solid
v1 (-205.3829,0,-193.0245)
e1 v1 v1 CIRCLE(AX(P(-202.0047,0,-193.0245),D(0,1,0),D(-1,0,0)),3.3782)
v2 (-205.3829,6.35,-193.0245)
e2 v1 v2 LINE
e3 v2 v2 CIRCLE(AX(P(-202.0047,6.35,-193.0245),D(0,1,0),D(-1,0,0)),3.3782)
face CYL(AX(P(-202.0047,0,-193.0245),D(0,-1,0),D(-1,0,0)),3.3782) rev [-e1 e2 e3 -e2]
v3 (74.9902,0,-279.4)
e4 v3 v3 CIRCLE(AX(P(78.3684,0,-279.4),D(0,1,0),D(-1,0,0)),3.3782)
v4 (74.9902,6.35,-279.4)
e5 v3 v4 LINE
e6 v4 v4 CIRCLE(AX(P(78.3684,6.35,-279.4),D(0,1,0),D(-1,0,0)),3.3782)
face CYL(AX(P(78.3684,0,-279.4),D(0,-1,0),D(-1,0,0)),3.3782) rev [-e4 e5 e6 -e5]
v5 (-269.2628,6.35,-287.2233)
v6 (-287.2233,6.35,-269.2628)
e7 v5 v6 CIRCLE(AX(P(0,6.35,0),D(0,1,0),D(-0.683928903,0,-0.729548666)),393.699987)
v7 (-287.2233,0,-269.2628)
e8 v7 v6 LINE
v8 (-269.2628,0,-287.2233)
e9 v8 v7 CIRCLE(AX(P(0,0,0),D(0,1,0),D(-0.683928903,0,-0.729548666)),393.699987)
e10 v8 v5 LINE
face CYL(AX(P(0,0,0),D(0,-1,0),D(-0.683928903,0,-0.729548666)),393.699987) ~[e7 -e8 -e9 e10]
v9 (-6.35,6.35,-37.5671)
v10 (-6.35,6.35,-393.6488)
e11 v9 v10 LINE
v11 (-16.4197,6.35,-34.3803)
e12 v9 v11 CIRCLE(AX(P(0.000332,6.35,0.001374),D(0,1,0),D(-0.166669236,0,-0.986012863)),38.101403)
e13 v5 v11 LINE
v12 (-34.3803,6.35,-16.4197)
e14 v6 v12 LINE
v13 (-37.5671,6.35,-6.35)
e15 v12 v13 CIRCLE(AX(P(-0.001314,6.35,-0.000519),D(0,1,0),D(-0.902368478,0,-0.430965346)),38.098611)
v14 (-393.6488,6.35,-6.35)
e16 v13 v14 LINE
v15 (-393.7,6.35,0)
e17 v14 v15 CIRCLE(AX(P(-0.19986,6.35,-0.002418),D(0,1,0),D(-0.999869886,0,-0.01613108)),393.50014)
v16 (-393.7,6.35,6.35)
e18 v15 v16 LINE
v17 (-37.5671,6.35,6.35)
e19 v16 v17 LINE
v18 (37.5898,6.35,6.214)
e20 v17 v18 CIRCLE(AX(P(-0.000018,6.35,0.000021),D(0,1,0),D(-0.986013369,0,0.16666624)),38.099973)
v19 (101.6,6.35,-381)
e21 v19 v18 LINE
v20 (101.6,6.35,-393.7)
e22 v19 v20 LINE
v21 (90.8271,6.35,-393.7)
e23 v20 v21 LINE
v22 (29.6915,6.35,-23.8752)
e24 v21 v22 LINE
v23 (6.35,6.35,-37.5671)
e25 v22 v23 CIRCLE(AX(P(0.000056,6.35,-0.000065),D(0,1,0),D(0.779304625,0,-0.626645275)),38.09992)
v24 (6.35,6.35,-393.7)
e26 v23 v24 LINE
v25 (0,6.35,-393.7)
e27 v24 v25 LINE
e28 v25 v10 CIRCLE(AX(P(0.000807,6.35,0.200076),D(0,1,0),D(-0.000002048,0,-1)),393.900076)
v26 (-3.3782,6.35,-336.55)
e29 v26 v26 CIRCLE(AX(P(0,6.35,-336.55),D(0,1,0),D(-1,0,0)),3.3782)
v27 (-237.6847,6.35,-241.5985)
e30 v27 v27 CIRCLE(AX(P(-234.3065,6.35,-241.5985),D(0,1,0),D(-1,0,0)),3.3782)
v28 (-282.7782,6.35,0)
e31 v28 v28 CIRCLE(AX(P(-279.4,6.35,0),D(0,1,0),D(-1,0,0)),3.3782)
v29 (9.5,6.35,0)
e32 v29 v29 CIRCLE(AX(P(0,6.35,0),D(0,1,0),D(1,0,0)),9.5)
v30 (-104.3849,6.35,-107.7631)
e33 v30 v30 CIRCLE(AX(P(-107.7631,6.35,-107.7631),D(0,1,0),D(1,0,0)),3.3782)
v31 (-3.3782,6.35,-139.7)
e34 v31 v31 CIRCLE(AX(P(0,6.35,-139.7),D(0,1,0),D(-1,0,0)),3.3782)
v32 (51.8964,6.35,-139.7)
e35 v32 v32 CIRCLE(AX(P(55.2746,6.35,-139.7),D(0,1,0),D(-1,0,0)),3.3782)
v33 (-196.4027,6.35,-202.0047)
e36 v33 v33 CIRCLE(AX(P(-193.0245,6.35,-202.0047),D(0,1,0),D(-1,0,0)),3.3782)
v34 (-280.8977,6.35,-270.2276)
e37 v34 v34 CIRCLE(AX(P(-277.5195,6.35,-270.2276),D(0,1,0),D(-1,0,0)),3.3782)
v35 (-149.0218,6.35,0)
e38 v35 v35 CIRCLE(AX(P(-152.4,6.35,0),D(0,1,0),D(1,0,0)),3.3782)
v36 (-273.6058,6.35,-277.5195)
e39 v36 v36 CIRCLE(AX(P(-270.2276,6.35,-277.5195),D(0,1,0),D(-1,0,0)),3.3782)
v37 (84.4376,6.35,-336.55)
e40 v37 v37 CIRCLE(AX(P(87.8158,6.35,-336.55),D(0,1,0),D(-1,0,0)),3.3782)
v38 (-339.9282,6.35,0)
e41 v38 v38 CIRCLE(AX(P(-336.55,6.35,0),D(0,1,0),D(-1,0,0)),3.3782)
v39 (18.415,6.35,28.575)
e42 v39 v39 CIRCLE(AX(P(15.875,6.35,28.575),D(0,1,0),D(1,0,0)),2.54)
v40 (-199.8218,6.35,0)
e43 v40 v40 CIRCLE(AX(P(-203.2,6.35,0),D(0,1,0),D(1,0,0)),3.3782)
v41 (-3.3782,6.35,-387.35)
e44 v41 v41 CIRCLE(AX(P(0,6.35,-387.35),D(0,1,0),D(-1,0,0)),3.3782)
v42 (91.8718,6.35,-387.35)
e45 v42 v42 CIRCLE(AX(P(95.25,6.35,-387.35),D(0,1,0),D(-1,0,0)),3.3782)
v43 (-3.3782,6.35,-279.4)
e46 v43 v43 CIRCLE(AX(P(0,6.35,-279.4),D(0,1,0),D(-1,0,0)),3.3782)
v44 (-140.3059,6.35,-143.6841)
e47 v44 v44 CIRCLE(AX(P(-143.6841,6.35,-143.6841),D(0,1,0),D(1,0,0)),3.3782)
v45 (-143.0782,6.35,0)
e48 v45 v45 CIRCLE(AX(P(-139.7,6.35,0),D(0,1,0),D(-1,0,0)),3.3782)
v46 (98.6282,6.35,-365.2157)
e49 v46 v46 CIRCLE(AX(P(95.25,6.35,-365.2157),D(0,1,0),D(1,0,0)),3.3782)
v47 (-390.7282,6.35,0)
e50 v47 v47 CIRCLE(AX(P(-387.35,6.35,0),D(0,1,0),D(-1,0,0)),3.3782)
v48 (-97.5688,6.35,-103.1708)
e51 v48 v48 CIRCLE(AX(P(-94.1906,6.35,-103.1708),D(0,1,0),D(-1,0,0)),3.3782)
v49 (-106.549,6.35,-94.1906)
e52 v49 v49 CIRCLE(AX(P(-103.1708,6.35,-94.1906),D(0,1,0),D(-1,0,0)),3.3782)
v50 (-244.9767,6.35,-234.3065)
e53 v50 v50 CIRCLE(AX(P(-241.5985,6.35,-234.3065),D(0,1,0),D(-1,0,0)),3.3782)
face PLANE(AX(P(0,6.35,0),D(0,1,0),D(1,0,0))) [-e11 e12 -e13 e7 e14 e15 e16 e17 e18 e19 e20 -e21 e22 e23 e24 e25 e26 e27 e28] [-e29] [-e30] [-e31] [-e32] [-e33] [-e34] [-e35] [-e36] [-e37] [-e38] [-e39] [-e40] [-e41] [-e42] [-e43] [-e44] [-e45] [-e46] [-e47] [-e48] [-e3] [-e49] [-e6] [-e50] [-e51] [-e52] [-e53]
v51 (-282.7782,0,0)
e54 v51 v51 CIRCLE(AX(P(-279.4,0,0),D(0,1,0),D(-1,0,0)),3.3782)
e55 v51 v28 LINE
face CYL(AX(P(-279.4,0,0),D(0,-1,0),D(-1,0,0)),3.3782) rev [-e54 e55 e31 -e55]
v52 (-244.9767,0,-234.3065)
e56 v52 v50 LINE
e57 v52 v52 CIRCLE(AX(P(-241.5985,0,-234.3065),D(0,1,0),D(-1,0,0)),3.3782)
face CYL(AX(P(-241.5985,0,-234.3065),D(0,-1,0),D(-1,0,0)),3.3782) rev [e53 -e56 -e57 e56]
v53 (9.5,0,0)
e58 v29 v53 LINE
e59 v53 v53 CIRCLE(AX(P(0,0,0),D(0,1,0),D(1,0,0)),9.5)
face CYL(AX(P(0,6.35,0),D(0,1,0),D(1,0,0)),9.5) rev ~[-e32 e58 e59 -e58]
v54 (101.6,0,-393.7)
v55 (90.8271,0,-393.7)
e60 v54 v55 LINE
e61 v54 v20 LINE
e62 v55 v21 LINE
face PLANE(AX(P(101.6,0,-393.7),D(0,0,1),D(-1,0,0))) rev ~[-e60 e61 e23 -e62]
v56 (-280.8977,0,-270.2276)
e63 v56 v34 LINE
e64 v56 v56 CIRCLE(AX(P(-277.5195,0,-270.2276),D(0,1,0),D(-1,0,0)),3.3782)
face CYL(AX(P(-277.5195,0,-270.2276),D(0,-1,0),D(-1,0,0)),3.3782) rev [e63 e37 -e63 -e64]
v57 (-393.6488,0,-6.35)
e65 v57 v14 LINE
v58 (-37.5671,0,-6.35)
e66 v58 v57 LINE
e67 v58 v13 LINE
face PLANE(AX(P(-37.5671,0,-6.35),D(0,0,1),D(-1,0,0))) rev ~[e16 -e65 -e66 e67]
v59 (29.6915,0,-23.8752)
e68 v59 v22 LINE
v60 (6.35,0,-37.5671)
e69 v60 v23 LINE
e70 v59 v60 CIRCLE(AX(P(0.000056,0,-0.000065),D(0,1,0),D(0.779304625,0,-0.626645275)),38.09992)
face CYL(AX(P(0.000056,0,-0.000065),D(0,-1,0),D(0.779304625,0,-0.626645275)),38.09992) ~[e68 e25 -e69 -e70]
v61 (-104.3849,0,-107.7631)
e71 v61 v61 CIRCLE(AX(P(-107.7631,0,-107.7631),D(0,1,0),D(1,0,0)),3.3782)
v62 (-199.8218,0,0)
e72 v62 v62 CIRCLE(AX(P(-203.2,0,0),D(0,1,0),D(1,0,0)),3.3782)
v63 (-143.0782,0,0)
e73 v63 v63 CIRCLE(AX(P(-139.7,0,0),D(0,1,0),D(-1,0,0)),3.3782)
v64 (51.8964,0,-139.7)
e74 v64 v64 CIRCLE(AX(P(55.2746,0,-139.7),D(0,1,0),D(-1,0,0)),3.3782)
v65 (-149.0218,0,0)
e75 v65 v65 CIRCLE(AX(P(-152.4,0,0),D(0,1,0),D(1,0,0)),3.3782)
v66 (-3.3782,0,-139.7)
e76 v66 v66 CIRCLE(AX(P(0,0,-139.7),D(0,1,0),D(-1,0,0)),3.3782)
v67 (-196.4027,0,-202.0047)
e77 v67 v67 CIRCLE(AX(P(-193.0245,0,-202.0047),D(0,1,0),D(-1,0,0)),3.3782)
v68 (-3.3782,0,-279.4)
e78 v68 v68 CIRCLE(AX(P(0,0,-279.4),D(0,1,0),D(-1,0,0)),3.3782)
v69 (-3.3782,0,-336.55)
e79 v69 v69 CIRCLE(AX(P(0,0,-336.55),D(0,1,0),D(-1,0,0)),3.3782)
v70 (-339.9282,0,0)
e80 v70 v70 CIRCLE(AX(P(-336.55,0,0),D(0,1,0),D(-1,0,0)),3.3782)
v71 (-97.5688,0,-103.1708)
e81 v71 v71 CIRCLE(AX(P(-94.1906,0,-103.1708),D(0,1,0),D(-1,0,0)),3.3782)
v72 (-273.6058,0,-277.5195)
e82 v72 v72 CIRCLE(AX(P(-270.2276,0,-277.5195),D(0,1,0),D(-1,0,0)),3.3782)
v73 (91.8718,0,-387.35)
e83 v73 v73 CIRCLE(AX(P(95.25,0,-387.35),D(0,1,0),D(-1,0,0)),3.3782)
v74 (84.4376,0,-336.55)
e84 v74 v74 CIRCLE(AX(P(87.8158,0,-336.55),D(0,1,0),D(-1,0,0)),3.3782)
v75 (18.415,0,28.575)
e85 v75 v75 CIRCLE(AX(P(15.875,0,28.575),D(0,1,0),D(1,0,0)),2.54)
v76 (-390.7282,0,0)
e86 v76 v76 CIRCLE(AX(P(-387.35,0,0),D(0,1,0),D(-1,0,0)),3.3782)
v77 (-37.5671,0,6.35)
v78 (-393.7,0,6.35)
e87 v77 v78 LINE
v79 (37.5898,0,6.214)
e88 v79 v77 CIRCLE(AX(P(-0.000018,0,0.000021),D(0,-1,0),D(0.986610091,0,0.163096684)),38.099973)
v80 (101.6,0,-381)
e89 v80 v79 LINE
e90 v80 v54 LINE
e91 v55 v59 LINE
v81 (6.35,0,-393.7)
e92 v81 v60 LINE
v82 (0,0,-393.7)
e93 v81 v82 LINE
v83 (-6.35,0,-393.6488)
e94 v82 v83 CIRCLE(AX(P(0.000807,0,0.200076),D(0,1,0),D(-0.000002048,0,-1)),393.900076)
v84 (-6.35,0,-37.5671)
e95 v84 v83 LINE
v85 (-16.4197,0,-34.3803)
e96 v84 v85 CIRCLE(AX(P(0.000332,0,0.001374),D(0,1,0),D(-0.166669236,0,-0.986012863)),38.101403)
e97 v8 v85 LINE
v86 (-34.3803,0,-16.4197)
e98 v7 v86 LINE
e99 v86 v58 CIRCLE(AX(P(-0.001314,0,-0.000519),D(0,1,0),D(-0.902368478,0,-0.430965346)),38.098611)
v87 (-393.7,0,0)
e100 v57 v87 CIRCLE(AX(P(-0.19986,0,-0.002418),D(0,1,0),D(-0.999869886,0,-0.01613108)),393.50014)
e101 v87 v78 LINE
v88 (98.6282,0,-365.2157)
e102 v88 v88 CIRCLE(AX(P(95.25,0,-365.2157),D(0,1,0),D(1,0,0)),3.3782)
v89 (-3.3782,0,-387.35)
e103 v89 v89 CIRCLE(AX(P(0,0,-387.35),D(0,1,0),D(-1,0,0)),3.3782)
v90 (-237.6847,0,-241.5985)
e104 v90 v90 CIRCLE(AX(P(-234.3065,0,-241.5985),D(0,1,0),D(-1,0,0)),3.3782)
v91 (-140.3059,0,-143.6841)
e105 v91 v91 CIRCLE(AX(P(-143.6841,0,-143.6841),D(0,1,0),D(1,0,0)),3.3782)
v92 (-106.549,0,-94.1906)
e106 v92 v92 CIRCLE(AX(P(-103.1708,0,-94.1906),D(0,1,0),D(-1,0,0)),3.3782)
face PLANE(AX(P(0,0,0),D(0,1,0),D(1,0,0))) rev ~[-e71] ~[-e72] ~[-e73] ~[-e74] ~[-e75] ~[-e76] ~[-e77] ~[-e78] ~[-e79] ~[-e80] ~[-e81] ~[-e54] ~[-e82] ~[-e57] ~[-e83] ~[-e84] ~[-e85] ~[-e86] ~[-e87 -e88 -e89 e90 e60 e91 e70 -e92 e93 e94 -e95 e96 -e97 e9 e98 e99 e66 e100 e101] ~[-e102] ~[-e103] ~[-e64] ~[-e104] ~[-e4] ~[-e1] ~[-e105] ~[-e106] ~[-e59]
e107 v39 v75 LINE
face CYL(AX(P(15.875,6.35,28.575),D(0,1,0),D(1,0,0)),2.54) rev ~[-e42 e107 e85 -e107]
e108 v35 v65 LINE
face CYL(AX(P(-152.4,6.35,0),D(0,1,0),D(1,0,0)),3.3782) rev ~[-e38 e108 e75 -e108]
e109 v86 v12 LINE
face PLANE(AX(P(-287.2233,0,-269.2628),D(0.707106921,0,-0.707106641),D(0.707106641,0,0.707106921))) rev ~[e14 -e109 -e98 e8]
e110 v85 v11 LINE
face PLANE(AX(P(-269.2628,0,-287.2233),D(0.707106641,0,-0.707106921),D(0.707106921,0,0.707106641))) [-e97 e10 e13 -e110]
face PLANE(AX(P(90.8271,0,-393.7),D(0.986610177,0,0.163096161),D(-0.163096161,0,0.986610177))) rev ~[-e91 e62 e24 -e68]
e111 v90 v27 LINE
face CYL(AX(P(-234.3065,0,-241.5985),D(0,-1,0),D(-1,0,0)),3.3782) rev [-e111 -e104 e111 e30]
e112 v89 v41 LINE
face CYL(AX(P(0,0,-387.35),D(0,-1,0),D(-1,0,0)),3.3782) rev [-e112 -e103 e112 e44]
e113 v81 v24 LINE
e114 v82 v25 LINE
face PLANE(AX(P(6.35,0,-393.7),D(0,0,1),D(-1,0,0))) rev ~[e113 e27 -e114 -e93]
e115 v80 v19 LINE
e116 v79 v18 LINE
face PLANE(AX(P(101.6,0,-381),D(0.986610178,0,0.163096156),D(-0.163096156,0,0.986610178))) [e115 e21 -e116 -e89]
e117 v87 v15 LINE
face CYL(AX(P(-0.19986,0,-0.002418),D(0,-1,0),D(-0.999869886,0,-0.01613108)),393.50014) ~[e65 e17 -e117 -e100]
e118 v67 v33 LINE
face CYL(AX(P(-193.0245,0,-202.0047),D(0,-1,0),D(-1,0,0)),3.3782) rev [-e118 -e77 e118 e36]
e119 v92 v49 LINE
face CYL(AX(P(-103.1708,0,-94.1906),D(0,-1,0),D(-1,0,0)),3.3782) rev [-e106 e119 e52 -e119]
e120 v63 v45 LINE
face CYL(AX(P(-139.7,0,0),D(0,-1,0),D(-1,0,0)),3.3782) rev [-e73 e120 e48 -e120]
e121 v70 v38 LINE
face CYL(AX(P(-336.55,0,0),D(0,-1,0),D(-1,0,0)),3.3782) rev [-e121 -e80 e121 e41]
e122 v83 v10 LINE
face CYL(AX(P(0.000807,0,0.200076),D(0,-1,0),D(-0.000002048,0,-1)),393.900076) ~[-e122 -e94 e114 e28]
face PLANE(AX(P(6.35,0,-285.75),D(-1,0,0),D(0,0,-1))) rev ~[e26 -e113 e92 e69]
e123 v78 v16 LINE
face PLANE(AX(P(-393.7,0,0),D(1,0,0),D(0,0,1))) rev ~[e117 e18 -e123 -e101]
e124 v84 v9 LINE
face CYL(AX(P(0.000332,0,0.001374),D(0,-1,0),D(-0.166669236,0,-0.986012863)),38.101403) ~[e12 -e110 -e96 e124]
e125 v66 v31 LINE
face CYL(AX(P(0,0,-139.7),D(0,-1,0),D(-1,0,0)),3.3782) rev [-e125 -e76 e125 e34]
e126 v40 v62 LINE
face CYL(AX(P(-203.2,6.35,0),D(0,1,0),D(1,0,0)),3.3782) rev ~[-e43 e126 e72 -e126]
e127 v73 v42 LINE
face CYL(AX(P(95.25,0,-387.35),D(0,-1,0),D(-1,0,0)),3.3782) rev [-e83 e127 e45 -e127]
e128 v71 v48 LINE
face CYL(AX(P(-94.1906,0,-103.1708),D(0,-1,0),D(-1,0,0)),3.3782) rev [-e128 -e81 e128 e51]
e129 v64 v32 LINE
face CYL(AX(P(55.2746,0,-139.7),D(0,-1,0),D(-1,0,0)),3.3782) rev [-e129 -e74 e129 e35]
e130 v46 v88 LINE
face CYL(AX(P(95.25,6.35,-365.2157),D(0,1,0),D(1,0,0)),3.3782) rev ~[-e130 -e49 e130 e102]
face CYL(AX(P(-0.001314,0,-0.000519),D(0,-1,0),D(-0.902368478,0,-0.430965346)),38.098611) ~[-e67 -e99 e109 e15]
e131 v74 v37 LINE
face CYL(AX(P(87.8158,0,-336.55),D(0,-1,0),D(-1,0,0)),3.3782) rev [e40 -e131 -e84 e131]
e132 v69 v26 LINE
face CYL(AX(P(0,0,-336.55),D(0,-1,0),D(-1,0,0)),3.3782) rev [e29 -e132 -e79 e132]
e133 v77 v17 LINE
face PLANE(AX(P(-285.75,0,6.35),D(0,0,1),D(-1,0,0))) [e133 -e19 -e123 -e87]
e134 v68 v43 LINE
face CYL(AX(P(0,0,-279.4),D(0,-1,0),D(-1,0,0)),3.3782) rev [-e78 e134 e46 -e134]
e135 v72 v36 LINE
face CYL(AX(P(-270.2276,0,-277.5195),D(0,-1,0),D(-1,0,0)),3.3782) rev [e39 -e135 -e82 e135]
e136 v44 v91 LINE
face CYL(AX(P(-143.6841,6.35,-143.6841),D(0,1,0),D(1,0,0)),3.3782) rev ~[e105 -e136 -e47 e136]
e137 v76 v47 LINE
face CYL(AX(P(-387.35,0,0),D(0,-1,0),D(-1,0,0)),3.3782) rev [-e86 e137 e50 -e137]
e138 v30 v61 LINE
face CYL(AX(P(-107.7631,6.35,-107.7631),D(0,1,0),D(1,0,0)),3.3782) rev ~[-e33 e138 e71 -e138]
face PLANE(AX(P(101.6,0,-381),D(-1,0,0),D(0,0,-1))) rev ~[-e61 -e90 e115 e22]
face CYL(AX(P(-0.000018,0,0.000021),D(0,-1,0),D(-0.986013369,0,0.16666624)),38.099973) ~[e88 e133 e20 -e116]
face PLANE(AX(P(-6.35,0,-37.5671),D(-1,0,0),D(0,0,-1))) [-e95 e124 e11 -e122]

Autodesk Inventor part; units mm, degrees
ref_plane "YZ Plane" through (0, 0, 0) normal (1, 0, 0) x (0, 1, 0)
ref_plane "XZ Plane" through (0, 0, 0) normal (0, 1, 0) x (-1, 0, 0)
ref_plane "XY Plane" through (0, 0, 0) normal (0, 0, 1) x (1, 0, 0)
sketch "Sketch1" plane through (0, 0, 0) normal (0, 1, 0) x (-1, 0, 0)
  line L0 (269.2628, -287.2233) -> (16.4197, -34.3803)
  circle A0 centre (270.2276, -277.5195) radius 3.3782
  line L1 (287.2233, -269.2628) -> (34.3803, -16.4197)
  line L2 (6.35, -37.5671) -> (6.35, -393.6488)
  line L3 (-6.35, -37.5671) -> (-6.35, -393.7)
  line L4 (-90.8271, -393.7) -> (-29.6915, -23.8752)
  line L5 (-101.6, -381) -> (-37.5898, 6.214)
  circle A1 centre (0, -387.35) radius 3.3782
  line L6 (37.5671, 6.35) -> (393.7, 6.35)
  line L7 (37.5671, -6.35) -> (393.6488, -6.35)
  circle A2 centre (387.35, 0) radius 3.3782
  circle A3 centre (-95.25, -387.35) radius 3.3782
  circle A4 centre (277.5195, -270.2276) radius 3.3782
  line L8 (-101.6, -381) -> (-101.6, -393.7)
  line L9 (393.7, 0) -> (393.7, 6.35)
  arc A5 (6.35, -37.5671) -> (16.4197, -34.3803) centre (0, 0) ccw
  arc A6 (34.3803, -16.4197) -> (37.5671, -6.35) centre (0, 0) ccw
  line L10 (38.1, 0) -> (38.1, 12.8556) construction
  arc A7 (37.5671, 6.35) -> (-37.5898, 6.214) centre (0, 0) ccw
  circle A8 centre (0, 0) radius 38.1 construction
  arc A9 (-6.214, 37.5898) -> (-37.5898, 6.214) centre (0, 0) ccw
  arc A10 (-29.6915, -23.8752) -> (-6.35, -37.5671) centre (0, 0) ccw
  line L11 (146.05, 0) -> (146.05, 6.35)
  line L12 (133.35, 0) -> (133.35, 6.35)
  line L13 (273.05, 6.35) -> (273.05, 0)
  line L14 (285.75, 6.35) -> (285.75, 0)
  circle A11 centre (103.1708, -94.1906) radius 3.3782
  circle A12 centre (94.1906, -103.1708) radius 3.3782
  arc A13 (393.6488, -6.35) -> (393.7, 0) centre (0, 0) ccw
  circle A14 centre (279.4, 0) radius 3.3782
  circle A15 centre (139.7, 0) radius 3.3782
  arc A16 (0, -393.7) -> (6.35, -393.6488) centre (0, 0) ccw
  arc A17 (269.2628, -287.2233) -> (287.2233, -269.2628) centre (0, 0) ccw
  circle A18 centre (202.0047, -193.0245) radius 3.3782
  circle A19 centre (193.0245, -202.0047) radius 3.3782
  circle A20 centre (0, -279.4) radius 3.3782
  line L15 (-101.6, -393.7) -> (-90.8271, -393.7)
  line L16 (-6.35, -393.7) -> (0, -393.7)
  circle A21 centre (0, -139.7) radius 3.3782
  circle A22 centre (0, 0) radius 14.2875
  circle A23 centre (-55.2746, -139.7) radius 3.3782
  circle A24 centre (-78.3684, -279.4) radius 3.3782
  line L17 (0, -285.75) -> (-6.35, -285.75)
  line L18 (-6.35, -273.05) -> (0, -273.05)
  circle A25 centre (0, -336.55) radius 3.3782
  circle A26 centre (-87.8158, -336.55) radius 3.3782
  circle A27 centre (241.5985, -234.3065) radius 3.3782
  circle A28 centre (234.3065, -241.5985) radius 3.3782
  circle A29 centre (336.55, 0) radius 3.3782
  dimension "d0" = 12.7
  dimension "d1" = 101.6
  dimension "d2" = 12.7
  dimension "d3" = 12.7
  dimension "d4" = 38.1
  dimension "d5" = 38.1
  dimension "d6" = 38.1
  dimension "d7" = 6.35
  dimension "d8" = 6.35
  dimension "d9" = 6.35
  dimension "d10" = 12.7
  dimension "d11" = 12.7
  dimension "d12" = 95.25
  dimension "d14" = 6.7564
  dimension "d15" = 6.7564
  dimension "d16" = 6.7564
  dimension "d17" = 6.35
  dimension "d18" = 6.7564
  dimension "d19" = 6.35
  dimension "d20" = 6.35
  dimension "d21" = 6.7564
  dimension "d22" = 6.7564
  dimension "d23" = 6.7564
  dimension "d25" = 6.35
  dimension "d26" = 6.7564
  dimension "d28" = 28.575
  dimension "d30" = 6.7564
  dimension "d32" = 6.7564
  dimension "d36" = 38.1
  dimension "d37" = 25.4
  dimension "d38" = 6.35
  dimension "d39" = 139.7
  dimension "d40" = 55.2746
  dimension "d41" = 139.7
  dimension "d42" = 6.35
  dimension "d43" = 6.35
  dimension "d44" = 7.3006
  dimension "d45" = 277.5195
  dimension "d46" = 270.2276
  dimension "d47" = 7.2919
  dimension "d48" = 7.2919
  dimension "d49" = 393.7
  dimension "d50" = 393.7
  dimension "d51" = 6.35
  dimension "d52" = 12.7
  dimension "d53" = 6.7564
  dimension "d54" = 6.35
  dimension "d55" = 6.7564
  dimension "d56" = 6.7564
  dimension "d57" = 393.7
  dimension "d58" = 6.35
  dimension "d60" = 6.7564
  dimension "d61" = 6.35
  dimension "d62" = 6.7564
  dimension "d63" = 6.7564
  dimension "d64" = 6.7564
  dimension "d65" = 6.7564
  dimension "d66" = 50.8
  dimension "d67" = 50.8
  dimension "d68" = 50.8
  dimension "d71" = 7.5438
  dimension "d72" = 7.5438
  dimension "d73" = 7.5438
  dimension "d74" = 7.5438
extrude "Extrusion2" add sketch "Sketch1" along normal blind 6.35
sketch "Sketch6" plane through (0, 6.35, 0) normal (0, 1, 0) x (1, 0, 0)
  line L0 (-16.4197, 34.3803) -> (-269.2628, 287.2233) projected
  line L1 (-287.2233, 269.2628) -> (-34.3803, 16.4197) projected
  line L2 (-393.7, -6.35) -> (-37.5671, -6.35) projected
  line L3 (101.6, 381) -> (101.6, 393.7) projected
  arc A0 (0, 393.7) -> (-6.35, 393.6488) centre (0, 0) ccw projected
  line L4 (0, 0) -> (-287.2233, 287.2233) construction
  circle A1 centre (0, 0) radius 14.2875 projected
  line L5 (-37.5671, 6.35) -> (-393.6488, 6.35) projected
  line L6 (6.35, 37.5671) -> (6.35, 393.7) projected
  circle A2 centre (-107.7631, 107.7631) radius 3.3782
  circle A3 centre (-143.6841, 143.6841) radius 3.3782
  line L7 (-146.05, 464.3998) -> (-146.05, -90.5947) construction
  circle A4 centre (-203.2, 0) radius 3.3782
  circle A5 centre (-152.4, 0) radius 3.3782
  line L8 (-146.05, -6.35) -> (-146.05, 6.35)
  line L9 (-209.55, 6.35) -> (-209.55, -6.35)
  line L10 (-139.194, 157.1545) -> (-157.1545, 139.194)
  line L11 (-112.2532, 94.2927) -> (-94.2927, 112.2532)
  line L12 (-209.55, 6.35) -> (-157.1545, 139.194)
  line L13 (-112.2532, 94.2927) -> (-146.05, 6.35)
  line L14 (-183.3522, 72.772) -> (-129.1516, 50.3213)
  dimension "d115" = 6.7564
  dimension "d117" = 6.7564
  dimension "d118" = 247.65
  dimension "d122" = 152.4
  dimension "d123" = 203.2
  dimension "d124" = 6.7564
  dimension "d126" = 152.4
  dimension "d127" = 203.2
  dimension "d129" = 6.35
  dimension "d130" = 6.35
  dimension "d131" = 6.35
  dimension "d132" = 6.35
extrude "Extrusion8" cut sketch "Sketch6" against normal blind 25.4 contours A2 | A3 | A4 | A5
sketch "Sketch8" plane through (0, 6.35, 0) normal (0, 1, 0) x (1, 0, 0)
  circle A0 centre (0, 0) radius 14.2875 projected
  arc A1 (0, 393.7) -> (-6.35, 393.6488) centre (0, 0) ccw projected
  circle A2 centre (0, 0) radius 9.5
  dimension "d135" = 19
extrude "Extrusion9" add sketch "Sketch8" against normal blind 6.35
sketch "Sketch9" plane through (0, 6.35, 0) normal (0, 1, 0) x (1, 0, 0)
  circle A0 centre (95.25, 365.2157) radius 3.3782 projected
  circle A1 centre (15.875, -28.575) radius 2.54 projected
extrude "Extrusion10" cut sketch "Sketch9" against normal through all
equation "\"d71\" = d74"
equation "\"d72\" = d73"
properties part number "Bearing Mount v1" material "Aluminum 6061"
